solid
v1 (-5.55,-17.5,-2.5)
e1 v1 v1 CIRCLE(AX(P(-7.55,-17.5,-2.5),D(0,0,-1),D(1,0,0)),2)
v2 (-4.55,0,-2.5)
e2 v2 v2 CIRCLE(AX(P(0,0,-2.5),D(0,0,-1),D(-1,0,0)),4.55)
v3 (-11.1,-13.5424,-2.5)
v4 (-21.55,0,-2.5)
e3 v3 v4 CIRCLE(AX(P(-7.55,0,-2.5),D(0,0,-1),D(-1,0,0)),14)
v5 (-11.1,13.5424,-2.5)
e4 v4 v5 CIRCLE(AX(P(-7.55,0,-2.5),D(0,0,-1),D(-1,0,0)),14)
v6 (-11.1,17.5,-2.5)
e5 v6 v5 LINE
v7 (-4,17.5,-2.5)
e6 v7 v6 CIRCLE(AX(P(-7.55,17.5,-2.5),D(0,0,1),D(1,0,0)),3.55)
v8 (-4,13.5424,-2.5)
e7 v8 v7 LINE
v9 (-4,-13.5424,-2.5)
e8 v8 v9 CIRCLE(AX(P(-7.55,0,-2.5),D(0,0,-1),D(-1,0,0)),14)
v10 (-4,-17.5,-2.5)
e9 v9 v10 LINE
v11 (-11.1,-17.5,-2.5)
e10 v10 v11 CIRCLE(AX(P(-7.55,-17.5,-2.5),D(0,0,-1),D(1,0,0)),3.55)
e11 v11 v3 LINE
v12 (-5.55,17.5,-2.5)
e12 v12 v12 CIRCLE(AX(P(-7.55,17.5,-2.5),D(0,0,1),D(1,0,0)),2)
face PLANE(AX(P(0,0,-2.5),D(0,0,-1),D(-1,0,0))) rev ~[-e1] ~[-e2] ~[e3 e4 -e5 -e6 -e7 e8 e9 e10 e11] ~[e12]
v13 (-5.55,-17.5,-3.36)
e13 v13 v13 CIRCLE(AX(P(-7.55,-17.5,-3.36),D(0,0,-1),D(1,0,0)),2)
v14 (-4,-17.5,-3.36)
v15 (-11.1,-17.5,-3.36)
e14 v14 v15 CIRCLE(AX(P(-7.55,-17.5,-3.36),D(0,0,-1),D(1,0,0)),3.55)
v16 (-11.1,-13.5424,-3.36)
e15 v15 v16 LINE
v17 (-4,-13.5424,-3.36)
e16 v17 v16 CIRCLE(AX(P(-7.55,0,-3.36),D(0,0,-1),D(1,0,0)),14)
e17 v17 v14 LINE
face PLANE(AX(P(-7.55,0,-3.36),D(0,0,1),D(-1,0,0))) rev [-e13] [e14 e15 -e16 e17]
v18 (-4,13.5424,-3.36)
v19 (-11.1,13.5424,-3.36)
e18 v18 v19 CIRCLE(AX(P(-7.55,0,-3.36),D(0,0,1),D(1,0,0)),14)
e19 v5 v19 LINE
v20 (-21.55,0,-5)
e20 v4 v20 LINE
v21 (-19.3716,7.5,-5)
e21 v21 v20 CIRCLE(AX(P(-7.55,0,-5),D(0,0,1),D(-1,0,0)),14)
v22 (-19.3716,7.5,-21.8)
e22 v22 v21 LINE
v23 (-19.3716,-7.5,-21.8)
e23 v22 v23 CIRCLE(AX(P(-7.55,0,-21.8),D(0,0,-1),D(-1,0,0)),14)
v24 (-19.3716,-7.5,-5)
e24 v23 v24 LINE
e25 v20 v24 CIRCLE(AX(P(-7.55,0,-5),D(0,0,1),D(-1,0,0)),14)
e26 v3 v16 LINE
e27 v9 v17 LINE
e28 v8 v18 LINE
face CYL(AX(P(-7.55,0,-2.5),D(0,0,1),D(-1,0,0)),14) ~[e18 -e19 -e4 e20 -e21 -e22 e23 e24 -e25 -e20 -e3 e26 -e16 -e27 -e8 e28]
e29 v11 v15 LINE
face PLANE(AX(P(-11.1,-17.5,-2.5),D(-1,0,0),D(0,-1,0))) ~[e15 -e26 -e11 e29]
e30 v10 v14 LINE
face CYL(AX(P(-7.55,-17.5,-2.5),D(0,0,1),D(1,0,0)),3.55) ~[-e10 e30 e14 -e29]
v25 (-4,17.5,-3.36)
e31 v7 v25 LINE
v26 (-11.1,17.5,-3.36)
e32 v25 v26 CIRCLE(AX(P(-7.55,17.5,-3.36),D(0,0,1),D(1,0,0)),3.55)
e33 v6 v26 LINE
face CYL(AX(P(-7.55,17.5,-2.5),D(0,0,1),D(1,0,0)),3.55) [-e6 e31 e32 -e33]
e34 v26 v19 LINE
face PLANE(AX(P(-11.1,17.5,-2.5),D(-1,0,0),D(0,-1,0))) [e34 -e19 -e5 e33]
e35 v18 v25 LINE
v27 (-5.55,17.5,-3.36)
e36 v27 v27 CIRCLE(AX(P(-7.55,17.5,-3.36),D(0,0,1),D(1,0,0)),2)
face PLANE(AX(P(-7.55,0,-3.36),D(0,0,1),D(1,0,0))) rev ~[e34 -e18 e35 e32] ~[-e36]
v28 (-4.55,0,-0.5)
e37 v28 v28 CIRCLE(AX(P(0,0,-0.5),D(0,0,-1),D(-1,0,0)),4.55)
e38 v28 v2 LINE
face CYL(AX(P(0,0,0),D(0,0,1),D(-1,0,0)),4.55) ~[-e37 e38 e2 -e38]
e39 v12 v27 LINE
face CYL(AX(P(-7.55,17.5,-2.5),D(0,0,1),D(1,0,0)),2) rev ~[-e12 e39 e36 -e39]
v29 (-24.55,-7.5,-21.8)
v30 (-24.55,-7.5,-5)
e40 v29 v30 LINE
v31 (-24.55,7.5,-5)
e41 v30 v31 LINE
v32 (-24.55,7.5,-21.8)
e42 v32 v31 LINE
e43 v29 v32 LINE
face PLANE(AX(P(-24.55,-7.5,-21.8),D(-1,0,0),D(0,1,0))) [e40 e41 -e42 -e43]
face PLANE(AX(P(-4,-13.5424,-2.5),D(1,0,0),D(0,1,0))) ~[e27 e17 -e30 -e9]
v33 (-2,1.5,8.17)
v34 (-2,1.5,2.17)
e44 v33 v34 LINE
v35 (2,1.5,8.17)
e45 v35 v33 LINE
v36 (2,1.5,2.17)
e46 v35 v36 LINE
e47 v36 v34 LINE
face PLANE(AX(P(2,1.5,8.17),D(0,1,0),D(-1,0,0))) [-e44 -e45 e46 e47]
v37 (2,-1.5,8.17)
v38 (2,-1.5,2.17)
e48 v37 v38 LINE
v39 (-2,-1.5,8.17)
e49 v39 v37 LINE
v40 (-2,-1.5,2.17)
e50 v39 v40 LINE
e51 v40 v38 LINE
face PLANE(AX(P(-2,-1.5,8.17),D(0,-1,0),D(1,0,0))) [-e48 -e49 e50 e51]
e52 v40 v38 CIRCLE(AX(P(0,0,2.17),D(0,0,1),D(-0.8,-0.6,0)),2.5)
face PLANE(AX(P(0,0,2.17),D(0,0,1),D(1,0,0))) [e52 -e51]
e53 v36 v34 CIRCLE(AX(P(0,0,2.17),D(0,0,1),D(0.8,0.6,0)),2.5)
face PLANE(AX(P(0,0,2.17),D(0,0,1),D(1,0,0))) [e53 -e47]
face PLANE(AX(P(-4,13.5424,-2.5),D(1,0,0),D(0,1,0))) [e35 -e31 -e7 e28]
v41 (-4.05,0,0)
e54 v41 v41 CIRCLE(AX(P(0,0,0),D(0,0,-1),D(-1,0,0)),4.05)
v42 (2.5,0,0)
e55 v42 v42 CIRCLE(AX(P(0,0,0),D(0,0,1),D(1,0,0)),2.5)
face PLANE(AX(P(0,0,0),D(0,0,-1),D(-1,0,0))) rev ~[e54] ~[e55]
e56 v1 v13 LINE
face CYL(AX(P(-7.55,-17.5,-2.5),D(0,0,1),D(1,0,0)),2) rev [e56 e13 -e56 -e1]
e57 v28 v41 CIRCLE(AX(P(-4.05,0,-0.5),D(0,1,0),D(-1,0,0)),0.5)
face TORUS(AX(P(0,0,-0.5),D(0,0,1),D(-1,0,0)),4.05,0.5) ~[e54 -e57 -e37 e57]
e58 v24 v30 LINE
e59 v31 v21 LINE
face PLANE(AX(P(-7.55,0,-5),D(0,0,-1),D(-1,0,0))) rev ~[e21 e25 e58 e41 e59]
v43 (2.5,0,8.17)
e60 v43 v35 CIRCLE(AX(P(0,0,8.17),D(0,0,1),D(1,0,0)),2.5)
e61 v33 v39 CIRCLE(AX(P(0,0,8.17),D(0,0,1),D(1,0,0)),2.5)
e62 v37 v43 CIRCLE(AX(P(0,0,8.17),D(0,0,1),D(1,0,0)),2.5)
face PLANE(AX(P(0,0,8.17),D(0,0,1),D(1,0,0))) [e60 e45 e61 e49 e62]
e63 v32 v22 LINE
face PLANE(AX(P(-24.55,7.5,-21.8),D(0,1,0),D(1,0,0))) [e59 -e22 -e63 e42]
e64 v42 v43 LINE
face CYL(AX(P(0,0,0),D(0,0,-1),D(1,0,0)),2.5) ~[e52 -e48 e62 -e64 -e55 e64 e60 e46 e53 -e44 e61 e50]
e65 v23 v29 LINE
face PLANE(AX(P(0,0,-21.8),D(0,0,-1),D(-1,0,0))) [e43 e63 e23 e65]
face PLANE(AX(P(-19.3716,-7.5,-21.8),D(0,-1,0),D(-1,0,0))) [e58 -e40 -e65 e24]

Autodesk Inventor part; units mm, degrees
ref_plane "XZ Plane" through (0, 0, 0) normal (0, 1, 0) x (-1, 0, 0)
ref_plane "XY Plane" through (0, 0, 0) normal (0, 0, 1) x (1, 0, 0)
sketch "Sketch1" plane through (0, 0, 0) normal (0, 0, 1) x (1, 0, 0)
  circle A0 centre (0, 0) radius 2.5
  dimension "d0" = 5
extrude "Extrusion1" add sketch "Sketch1" along normal blind 8.17
sketch "Sketch2" plane through (0, 0, 8.17) normal (0, 0, 1) x (1, 0, 0)
  circle A0 centre (0, 0) radius 2.5 construction
  circle A1 centre (0, 0) radius 2.5 construction
  line L0 (-2, -1.5) -> (2, -1.5)
  line L1 (2, -1.5) -> (2, 1.5)
  line L2 (2, 1.5) -> (-2, 1.5)
  line L3 (-2, 1.5) -> (-2, -1.5)
  line L4 (-2, -1.5) -> (2, 1.5) construction
  line L5 (2, -1.5) -> (-2, 1.5) construction
  arc A2 (-2, 1.5) -> (-2, -1.5) centre (0, 0) ccw
  arc A3 (2, 1.5) -> (-2, 1.5) centre (0, 0) ccw
  arc A4 (-2, -1.5) -> (2, -1.5) centre (0, 0) ccw
  arc A5 (2, -1.5) -> (2, 1.5) centre (0, 0) ccw
  dimension "d3" = 3
extrude "Extrusion2" cut sketch "Sketch2" against normal blind 6 contours L0 A4 | A3 L2
sketch "Sketch3" plane through (0, 0, 0) normal (0, 0, -1) x (-1, 0, 0)
  circle A0 centre (0, 0) radius 2.5 projected
  circle A1 centre (0, 0) radius 4.55
  dimension "d6" = 9.1
extrude "Extrusion3" add sketch "Sketch3" along normal blind 2.5 contours A0 | A1
sketch "Sketch4" plane through (0, 0, -2.5) normal (0, 0, -1) x (-1, 0, 0)
  circle A0 centre (7.55, 0) radius 14
  circle A1 centre (0, 0) radius 4.55 projected
  line L0 (4.55, 0) -> (-6.45, 0) construction
  dimension "d9" = 28
  dimension "d10" = 11
extrude "Extrusion4" add sketch "Sketch4" along normal blind 19.3 contours A0 | A1
fillet "Fillet1" radius 0.5 1 edges at (4.55, 0, 0)
sketch "Sketch5" plane through (-7.55, 0, -21.8) normal (0, 0, -1) x (-1, 0, 0)
  circle A0 centre (0, 0) radius 14 construction
  line L0 (11.8216, -7.5) -> (17, -7.5)
  line L1 (17, -7.5) -> (17, 7.5)
  line L2 (17, 7.5) -> (11.8216, 7.5)
  line L3 (11.8216, 7.5) -> (11.8216, -7.5)
  line L4 (11.8216, -7.5) -> (17, 7.5) construction
  line L5 (17, -7.5) -> (11.8216, 7.5) construction
  circle A1 centre (0, 0) radius 14 construction
  line L6 (17, 0) -> (-14, 0) construction
  circle A2 centre (0, 0) radius 14 construction
  point P0 (-7.55, 0)
  point P1 (14.4108, 0)
  dimension "d14" = 15
  dimension "d15" = 31
extrude "Extrusion5" add sketch "Sketch5" against normal blind 16.8
sketch "Sketch6" plane through (-7.55, 0, -2.5) normal (0, 0, 1) x (1, 0, 0)
  circle A0 centre (0, 0) radius 14 projected
  circle A1 centre (7.55, 0) radius 4.55 construction
  arc A2 (-11.8216, -7.5) -> (-11.8216, 7.5) centre (0, 0) ccw projected
  line L0 (3.55, 13.5424) -> (3.55, 17.5)
  arc A3 (3.55, 17.5) -> (-3.55, 17.5) centre (0, 17.5) ccw
  line L1 (-3.55, 17.5) -> (-3.55, 13.5424)
  circle A4 centre (0, 17.5) radius 2
  dimension "d18" = 4
  dimension "d19" = 7.1
  dimension "d20" = 17.5
extrude "Extrusion6" add sketch "Sketch6" against normal blind 0.86 contours A0 L1 A3 L0
mirror "Mirror1" about plane through (0, 0, 0) normal (0, 1, 0) of "Extrusion6"
sketch "Sketch7" plane through (0, 0, -2.5) normal (0, 0, 1) x (1, 0, 0)
  arc A0 (-4, -13.5424) -> (-4, 13.5424) centre (-7.55, 0) ccw projected
  point P0 (0, 0)
ref_plane "align plane" through (-7.55, 0, -2.5) normal (1, 0, 0) x (0, 1, 0)
sketch "motor front face" plane through (0, 0, -2.5) normal (0, 0, 1) x (1, 0, 0)
  circle A0 centre (-7.55, -17.5) radius 2 projected
  circle A1 centre (-7.55, 17.5) radius 2 projected
  arc A2 (-11.1, 13.5424) -> (-11.1, -13.5424) centre (-7.55, 0) ccw projected
  line L0 (-11.1, -17.5) -> (-11.1, -13.5424) projected
  arc A3 (-11.1, -17.5) -> (-4, -17.5) centre (-7.55, -17.5) ccw projected
  line L1 (-4, -13.5424) -> (-4, -17.5) projected
  arc A4 (-4, -13.5424) -> (-4, 13.5424) centre (-7.55, 0) ccw projected
  line L2 (-4, 13.5424) -> (-4, 17.5) projected
  arc A5 (-4, 17.5) -> (-11.1, 17.5) centre (-7.55, 17.5) ccw projected
  line L3 (-11.1, 17.5) -> (-11.1, 13.5424) projected
  circle A6 centre (0, 0) radius 4.55 projected
  arc A7 (-19.3716, 7.5) -> (-19.3716, -7.5) centre (-7.55, 0) ccw projected
  line L4 (-19.3716, 7.5) -> (-24.55, 7.5) projected
  line L5 (-24.55, 7.5) -> (-24.55, -7.5) projected
  line L6 (-24.55, -7.5) -> (-19.3716, -7.5) projected
properties part number "stepper motor-cheapo geared"
